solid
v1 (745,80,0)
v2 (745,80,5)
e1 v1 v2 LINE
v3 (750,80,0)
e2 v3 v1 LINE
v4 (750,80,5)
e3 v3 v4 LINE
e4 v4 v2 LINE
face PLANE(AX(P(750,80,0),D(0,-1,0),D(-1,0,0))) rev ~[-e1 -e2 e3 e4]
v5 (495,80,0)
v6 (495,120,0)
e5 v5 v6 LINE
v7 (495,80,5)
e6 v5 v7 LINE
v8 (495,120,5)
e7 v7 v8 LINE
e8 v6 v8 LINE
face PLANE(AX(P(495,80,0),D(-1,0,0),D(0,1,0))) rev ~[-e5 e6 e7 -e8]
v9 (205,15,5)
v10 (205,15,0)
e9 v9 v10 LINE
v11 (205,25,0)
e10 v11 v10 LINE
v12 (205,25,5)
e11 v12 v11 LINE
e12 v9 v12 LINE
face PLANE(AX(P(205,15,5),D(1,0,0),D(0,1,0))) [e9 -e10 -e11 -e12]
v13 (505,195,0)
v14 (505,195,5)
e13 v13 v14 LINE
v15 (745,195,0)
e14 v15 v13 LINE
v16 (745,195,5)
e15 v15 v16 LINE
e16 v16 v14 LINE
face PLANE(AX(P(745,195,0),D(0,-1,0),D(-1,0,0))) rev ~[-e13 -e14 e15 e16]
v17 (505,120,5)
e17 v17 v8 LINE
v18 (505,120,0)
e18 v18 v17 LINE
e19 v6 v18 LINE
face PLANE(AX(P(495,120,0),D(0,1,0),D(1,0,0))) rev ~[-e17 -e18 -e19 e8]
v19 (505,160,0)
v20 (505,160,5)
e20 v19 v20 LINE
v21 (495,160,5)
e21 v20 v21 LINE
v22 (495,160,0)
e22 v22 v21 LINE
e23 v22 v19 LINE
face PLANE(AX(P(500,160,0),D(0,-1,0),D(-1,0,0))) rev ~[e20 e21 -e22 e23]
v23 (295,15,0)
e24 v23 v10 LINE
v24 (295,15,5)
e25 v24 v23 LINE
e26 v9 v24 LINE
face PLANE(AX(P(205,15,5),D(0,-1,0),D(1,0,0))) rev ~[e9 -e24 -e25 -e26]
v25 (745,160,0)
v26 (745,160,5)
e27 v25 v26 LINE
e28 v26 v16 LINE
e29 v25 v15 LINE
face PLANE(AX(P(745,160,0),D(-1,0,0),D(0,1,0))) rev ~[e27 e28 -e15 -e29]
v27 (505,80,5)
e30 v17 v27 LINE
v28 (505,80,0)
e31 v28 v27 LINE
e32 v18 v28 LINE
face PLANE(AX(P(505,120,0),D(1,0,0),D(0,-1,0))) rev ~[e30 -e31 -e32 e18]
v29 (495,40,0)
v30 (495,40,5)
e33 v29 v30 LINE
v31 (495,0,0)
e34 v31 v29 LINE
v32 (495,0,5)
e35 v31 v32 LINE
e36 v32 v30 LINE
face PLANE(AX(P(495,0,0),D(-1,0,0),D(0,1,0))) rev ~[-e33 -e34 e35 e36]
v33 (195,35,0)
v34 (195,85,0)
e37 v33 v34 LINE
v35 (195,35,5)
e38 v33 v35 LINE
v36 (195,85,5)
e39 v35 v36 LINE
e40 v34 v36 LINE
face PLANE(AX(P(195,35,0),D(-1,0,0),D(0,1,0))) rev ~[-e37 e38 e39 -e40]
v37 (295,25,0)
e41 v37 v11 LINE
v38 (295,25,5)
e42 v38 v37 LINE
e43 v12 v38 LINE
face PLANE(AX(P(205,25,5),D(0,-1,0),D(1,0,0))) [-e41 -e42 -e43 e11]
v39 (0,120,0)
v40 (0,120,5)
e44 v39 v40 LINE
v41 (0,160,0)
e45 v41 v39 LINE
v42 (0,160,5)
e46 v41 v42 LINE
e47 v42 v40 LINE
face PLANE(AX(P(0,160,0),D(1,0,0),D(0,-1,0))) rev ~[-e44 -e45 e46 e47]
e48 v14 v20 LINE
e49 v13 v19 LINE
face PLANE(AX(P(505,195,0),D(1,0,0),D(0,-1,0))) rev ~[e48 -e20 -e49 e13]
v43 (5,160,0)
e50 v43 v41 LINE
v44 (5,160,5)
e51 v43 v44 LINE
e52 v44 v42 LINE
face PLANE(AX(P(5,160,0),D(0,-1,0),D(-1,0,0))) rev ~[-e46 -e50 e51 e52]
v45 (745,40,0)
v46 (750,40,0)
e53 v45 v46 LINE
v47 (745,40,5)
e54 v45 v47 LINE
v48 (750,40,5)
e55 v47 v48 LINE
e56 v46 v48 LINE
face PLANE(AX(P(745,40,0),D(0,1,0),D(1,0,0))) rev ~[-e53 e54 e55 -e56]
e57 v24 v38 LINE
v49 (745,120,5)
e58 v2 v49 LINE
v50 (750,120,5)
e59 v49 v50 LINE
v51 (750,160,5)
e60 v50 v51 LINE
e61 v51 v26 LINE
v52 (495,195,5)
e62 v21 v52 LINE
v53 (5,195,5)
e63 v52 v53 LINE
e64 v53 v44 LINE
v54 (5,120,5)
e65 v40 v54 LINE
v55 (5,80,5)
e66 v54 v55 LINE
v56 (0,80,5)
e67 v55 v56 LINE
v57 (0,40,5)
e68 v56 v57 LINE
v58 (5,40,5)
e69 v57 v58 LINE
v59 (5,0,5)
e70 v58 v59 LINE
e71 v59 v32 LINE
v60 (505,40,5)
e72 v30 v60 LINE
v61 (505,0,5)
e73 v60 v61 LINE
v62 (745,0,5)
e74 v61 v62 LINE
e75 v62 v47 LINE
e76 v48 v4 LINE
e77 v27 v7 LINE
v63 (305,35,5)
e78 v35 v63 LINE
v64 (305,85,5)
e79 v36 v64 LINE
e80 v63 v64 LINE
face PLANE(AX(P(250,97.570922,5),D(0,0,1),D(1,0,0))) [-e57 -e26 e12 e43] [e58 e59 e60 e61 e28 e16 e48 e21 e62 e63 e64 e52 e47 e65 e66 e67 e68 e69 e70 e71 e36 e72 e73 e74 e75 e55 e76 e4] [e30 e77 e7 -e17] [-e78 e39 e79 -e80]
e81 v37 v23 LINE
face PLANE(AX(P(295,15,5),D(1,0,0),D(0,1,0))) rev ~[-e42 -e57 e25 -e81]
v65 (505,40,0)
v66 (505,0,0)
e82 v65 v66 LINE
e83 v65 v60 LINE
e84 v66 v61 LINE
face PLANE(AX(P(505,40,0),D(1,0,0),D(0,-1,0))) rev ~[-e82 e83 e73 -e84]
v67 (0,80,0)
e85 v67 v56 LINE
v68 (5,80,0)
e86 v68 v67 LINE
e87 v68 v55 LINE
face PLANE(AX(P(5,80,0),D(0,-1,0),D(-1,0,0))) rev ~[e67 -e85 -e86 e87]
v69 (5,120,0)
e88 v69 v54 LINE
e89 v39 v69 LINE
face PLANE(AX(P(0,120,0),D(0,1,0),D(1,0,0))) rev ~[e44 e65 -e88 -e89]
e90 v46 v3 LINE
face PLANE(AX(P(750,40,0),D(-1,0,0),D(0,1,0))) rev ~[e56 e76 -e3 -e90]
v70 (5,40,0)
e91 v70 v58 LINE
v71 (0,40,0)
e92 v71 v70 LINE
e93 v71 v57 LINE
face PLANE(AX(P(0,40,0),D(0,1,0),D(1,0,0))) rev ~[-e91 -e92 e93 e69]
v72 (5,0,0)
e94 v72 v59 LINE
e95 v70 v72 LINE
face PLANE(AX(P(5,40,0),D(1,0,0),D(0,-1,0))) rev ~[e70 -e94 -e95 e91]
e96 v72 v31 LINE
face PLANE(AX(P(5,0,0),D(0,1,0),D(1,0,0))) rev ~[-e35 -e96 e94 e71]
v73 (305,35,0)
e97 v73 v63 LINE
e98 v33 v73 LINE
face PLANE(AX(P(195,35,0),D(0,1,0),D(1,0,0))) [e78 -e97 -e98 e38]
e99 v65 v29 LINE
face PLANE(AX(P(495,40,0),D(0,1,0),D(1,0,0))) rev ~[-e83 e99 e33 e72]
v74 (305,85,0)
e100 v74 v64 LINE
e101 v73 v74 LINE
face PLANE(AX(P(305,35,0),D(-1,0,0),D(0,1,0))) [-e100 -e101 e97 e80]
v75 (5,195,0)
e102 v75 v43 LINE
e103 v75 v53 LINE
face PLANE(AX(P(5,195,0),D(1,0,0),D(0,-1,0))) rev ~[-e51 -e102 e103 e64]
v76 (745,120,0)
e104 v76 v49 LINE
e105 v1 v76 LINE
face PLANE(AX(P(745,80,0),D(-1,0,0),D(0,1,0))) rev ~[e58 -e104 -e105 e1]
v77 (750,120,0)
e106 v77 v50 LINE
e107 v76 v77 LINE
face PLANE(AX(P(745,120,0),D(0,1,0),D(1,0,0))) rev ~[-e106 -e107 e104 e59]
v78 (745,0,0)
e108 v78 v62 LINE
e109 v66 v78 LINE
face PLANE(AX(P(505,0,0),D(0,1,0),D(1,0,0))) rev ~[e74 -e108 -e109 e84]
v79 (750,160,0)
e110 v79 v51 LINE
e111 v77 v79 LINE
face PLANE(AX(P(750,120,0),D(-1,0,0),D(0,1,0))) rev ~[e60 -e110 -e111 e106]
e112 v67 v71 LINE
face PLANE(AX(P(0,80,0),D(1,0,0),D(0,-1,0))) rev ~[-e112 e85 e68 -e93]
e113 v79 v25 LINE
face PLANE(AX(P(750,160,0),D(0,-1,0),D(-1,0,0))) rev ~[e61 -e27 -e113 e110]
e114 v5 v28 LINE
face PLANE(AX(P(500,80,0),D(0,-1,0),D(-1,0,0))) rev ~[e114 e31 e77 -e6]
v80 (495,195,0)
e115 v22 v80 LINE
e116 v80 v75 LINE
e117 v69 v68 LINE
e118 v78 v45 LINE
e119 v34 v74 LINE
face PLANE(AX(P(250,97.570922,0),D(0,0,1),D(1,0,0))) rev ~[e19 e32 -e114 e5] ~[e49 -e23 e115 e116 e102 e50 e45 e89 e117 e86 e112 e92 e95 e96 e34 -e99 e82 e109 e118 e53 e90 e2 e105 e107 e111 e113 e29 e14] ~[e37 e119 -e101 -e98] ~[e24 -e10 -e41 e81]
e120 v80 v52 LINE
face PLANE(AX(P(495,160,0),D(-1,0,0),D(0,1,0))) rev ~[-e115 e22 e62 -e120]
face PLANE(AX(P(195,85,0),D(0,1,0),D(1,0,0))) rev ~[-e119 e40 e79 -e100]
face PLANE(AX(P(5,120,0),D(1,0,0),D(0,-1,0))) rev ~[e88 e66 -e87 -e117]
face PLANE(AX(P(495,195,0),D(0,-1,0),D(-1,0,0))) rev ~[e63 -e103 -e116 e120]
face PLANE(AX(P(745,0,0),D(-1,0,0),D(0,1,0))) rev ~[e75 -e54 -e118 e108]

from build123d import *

# Parameters (mm, degrees)
ESQUISSE1_W             = 110
ESQUISSE1_H             = 50
BOSS_EXTRU_1_DEPTH      = 5
ENL_V_MAT_EXTRU_1_REACH = 776.952
ESQUISSE2_W             = 90
ESQUISSE2_H             = 10


with BuildPart() as part:
    # Esquisse1 → Boss.-Extru.1 (new body)
    # profile 1 of 2: a face of its own
    with BuildSketch(Plane.XY):
        Polygon((745, 120), (750, 120), (750, 160), (745, 160), (745, 195), (505, 195), (505, 160), (500, 160), (500, 120), (505, 120), (505, 80), (500, 80), (500, 40), (505, 40), (505, 0), (745, 0), (745, 40), (750, 40), (750, 80), (745, 80), align=None)
    # profile 2 of 2: a face of its own
    with BuildSketch(Plane.XY):
        Polygon((500, 120), (500, 160), (495, 160), (495, 195), (5, 195), (5, 160), (0, 160), (0, 120), (5, 120), (5, 80), (0, 80), (0, 40), (5, 40), (5, 0), (495, 0), (495, 40), (500, 40), (500, 80), (495, 80), (495, 120), align=None)
        with Locations((250, 60)):
            Rectangle(ESQUISSE1_W, ESQUISSE1_H, mode=Mode.SUBTRACT)
    extrude(amount=BOSS_EXTRU_1_DEPTH)

    # Esquisse2 → Enlèv. mat.-Extru.1 (cut, up to next)
    with BuildSketch(Plane.XY.offset(5), mode=Mode.PRIVATE) as enl_v_mat_extru_1_sk1:
        with Locations((250, 20)):
            Rectangle(ESQUISSE2_W, ESQUISSE2_H)
    enl_v_mat_extru_1_tool1 = extrude(enl_v_mat_extru_1_sk1.sketch, amount=-ENL_V_MAT_EXTRU_1_REACH, mode=Mode.PRIVATE) & part.part
    add(enl_v_mat_extru_1_tool1.solids().sort_by_distance((250, 20, 5))[0], mode=Mode.SUBTRACT)


solid = part.part
